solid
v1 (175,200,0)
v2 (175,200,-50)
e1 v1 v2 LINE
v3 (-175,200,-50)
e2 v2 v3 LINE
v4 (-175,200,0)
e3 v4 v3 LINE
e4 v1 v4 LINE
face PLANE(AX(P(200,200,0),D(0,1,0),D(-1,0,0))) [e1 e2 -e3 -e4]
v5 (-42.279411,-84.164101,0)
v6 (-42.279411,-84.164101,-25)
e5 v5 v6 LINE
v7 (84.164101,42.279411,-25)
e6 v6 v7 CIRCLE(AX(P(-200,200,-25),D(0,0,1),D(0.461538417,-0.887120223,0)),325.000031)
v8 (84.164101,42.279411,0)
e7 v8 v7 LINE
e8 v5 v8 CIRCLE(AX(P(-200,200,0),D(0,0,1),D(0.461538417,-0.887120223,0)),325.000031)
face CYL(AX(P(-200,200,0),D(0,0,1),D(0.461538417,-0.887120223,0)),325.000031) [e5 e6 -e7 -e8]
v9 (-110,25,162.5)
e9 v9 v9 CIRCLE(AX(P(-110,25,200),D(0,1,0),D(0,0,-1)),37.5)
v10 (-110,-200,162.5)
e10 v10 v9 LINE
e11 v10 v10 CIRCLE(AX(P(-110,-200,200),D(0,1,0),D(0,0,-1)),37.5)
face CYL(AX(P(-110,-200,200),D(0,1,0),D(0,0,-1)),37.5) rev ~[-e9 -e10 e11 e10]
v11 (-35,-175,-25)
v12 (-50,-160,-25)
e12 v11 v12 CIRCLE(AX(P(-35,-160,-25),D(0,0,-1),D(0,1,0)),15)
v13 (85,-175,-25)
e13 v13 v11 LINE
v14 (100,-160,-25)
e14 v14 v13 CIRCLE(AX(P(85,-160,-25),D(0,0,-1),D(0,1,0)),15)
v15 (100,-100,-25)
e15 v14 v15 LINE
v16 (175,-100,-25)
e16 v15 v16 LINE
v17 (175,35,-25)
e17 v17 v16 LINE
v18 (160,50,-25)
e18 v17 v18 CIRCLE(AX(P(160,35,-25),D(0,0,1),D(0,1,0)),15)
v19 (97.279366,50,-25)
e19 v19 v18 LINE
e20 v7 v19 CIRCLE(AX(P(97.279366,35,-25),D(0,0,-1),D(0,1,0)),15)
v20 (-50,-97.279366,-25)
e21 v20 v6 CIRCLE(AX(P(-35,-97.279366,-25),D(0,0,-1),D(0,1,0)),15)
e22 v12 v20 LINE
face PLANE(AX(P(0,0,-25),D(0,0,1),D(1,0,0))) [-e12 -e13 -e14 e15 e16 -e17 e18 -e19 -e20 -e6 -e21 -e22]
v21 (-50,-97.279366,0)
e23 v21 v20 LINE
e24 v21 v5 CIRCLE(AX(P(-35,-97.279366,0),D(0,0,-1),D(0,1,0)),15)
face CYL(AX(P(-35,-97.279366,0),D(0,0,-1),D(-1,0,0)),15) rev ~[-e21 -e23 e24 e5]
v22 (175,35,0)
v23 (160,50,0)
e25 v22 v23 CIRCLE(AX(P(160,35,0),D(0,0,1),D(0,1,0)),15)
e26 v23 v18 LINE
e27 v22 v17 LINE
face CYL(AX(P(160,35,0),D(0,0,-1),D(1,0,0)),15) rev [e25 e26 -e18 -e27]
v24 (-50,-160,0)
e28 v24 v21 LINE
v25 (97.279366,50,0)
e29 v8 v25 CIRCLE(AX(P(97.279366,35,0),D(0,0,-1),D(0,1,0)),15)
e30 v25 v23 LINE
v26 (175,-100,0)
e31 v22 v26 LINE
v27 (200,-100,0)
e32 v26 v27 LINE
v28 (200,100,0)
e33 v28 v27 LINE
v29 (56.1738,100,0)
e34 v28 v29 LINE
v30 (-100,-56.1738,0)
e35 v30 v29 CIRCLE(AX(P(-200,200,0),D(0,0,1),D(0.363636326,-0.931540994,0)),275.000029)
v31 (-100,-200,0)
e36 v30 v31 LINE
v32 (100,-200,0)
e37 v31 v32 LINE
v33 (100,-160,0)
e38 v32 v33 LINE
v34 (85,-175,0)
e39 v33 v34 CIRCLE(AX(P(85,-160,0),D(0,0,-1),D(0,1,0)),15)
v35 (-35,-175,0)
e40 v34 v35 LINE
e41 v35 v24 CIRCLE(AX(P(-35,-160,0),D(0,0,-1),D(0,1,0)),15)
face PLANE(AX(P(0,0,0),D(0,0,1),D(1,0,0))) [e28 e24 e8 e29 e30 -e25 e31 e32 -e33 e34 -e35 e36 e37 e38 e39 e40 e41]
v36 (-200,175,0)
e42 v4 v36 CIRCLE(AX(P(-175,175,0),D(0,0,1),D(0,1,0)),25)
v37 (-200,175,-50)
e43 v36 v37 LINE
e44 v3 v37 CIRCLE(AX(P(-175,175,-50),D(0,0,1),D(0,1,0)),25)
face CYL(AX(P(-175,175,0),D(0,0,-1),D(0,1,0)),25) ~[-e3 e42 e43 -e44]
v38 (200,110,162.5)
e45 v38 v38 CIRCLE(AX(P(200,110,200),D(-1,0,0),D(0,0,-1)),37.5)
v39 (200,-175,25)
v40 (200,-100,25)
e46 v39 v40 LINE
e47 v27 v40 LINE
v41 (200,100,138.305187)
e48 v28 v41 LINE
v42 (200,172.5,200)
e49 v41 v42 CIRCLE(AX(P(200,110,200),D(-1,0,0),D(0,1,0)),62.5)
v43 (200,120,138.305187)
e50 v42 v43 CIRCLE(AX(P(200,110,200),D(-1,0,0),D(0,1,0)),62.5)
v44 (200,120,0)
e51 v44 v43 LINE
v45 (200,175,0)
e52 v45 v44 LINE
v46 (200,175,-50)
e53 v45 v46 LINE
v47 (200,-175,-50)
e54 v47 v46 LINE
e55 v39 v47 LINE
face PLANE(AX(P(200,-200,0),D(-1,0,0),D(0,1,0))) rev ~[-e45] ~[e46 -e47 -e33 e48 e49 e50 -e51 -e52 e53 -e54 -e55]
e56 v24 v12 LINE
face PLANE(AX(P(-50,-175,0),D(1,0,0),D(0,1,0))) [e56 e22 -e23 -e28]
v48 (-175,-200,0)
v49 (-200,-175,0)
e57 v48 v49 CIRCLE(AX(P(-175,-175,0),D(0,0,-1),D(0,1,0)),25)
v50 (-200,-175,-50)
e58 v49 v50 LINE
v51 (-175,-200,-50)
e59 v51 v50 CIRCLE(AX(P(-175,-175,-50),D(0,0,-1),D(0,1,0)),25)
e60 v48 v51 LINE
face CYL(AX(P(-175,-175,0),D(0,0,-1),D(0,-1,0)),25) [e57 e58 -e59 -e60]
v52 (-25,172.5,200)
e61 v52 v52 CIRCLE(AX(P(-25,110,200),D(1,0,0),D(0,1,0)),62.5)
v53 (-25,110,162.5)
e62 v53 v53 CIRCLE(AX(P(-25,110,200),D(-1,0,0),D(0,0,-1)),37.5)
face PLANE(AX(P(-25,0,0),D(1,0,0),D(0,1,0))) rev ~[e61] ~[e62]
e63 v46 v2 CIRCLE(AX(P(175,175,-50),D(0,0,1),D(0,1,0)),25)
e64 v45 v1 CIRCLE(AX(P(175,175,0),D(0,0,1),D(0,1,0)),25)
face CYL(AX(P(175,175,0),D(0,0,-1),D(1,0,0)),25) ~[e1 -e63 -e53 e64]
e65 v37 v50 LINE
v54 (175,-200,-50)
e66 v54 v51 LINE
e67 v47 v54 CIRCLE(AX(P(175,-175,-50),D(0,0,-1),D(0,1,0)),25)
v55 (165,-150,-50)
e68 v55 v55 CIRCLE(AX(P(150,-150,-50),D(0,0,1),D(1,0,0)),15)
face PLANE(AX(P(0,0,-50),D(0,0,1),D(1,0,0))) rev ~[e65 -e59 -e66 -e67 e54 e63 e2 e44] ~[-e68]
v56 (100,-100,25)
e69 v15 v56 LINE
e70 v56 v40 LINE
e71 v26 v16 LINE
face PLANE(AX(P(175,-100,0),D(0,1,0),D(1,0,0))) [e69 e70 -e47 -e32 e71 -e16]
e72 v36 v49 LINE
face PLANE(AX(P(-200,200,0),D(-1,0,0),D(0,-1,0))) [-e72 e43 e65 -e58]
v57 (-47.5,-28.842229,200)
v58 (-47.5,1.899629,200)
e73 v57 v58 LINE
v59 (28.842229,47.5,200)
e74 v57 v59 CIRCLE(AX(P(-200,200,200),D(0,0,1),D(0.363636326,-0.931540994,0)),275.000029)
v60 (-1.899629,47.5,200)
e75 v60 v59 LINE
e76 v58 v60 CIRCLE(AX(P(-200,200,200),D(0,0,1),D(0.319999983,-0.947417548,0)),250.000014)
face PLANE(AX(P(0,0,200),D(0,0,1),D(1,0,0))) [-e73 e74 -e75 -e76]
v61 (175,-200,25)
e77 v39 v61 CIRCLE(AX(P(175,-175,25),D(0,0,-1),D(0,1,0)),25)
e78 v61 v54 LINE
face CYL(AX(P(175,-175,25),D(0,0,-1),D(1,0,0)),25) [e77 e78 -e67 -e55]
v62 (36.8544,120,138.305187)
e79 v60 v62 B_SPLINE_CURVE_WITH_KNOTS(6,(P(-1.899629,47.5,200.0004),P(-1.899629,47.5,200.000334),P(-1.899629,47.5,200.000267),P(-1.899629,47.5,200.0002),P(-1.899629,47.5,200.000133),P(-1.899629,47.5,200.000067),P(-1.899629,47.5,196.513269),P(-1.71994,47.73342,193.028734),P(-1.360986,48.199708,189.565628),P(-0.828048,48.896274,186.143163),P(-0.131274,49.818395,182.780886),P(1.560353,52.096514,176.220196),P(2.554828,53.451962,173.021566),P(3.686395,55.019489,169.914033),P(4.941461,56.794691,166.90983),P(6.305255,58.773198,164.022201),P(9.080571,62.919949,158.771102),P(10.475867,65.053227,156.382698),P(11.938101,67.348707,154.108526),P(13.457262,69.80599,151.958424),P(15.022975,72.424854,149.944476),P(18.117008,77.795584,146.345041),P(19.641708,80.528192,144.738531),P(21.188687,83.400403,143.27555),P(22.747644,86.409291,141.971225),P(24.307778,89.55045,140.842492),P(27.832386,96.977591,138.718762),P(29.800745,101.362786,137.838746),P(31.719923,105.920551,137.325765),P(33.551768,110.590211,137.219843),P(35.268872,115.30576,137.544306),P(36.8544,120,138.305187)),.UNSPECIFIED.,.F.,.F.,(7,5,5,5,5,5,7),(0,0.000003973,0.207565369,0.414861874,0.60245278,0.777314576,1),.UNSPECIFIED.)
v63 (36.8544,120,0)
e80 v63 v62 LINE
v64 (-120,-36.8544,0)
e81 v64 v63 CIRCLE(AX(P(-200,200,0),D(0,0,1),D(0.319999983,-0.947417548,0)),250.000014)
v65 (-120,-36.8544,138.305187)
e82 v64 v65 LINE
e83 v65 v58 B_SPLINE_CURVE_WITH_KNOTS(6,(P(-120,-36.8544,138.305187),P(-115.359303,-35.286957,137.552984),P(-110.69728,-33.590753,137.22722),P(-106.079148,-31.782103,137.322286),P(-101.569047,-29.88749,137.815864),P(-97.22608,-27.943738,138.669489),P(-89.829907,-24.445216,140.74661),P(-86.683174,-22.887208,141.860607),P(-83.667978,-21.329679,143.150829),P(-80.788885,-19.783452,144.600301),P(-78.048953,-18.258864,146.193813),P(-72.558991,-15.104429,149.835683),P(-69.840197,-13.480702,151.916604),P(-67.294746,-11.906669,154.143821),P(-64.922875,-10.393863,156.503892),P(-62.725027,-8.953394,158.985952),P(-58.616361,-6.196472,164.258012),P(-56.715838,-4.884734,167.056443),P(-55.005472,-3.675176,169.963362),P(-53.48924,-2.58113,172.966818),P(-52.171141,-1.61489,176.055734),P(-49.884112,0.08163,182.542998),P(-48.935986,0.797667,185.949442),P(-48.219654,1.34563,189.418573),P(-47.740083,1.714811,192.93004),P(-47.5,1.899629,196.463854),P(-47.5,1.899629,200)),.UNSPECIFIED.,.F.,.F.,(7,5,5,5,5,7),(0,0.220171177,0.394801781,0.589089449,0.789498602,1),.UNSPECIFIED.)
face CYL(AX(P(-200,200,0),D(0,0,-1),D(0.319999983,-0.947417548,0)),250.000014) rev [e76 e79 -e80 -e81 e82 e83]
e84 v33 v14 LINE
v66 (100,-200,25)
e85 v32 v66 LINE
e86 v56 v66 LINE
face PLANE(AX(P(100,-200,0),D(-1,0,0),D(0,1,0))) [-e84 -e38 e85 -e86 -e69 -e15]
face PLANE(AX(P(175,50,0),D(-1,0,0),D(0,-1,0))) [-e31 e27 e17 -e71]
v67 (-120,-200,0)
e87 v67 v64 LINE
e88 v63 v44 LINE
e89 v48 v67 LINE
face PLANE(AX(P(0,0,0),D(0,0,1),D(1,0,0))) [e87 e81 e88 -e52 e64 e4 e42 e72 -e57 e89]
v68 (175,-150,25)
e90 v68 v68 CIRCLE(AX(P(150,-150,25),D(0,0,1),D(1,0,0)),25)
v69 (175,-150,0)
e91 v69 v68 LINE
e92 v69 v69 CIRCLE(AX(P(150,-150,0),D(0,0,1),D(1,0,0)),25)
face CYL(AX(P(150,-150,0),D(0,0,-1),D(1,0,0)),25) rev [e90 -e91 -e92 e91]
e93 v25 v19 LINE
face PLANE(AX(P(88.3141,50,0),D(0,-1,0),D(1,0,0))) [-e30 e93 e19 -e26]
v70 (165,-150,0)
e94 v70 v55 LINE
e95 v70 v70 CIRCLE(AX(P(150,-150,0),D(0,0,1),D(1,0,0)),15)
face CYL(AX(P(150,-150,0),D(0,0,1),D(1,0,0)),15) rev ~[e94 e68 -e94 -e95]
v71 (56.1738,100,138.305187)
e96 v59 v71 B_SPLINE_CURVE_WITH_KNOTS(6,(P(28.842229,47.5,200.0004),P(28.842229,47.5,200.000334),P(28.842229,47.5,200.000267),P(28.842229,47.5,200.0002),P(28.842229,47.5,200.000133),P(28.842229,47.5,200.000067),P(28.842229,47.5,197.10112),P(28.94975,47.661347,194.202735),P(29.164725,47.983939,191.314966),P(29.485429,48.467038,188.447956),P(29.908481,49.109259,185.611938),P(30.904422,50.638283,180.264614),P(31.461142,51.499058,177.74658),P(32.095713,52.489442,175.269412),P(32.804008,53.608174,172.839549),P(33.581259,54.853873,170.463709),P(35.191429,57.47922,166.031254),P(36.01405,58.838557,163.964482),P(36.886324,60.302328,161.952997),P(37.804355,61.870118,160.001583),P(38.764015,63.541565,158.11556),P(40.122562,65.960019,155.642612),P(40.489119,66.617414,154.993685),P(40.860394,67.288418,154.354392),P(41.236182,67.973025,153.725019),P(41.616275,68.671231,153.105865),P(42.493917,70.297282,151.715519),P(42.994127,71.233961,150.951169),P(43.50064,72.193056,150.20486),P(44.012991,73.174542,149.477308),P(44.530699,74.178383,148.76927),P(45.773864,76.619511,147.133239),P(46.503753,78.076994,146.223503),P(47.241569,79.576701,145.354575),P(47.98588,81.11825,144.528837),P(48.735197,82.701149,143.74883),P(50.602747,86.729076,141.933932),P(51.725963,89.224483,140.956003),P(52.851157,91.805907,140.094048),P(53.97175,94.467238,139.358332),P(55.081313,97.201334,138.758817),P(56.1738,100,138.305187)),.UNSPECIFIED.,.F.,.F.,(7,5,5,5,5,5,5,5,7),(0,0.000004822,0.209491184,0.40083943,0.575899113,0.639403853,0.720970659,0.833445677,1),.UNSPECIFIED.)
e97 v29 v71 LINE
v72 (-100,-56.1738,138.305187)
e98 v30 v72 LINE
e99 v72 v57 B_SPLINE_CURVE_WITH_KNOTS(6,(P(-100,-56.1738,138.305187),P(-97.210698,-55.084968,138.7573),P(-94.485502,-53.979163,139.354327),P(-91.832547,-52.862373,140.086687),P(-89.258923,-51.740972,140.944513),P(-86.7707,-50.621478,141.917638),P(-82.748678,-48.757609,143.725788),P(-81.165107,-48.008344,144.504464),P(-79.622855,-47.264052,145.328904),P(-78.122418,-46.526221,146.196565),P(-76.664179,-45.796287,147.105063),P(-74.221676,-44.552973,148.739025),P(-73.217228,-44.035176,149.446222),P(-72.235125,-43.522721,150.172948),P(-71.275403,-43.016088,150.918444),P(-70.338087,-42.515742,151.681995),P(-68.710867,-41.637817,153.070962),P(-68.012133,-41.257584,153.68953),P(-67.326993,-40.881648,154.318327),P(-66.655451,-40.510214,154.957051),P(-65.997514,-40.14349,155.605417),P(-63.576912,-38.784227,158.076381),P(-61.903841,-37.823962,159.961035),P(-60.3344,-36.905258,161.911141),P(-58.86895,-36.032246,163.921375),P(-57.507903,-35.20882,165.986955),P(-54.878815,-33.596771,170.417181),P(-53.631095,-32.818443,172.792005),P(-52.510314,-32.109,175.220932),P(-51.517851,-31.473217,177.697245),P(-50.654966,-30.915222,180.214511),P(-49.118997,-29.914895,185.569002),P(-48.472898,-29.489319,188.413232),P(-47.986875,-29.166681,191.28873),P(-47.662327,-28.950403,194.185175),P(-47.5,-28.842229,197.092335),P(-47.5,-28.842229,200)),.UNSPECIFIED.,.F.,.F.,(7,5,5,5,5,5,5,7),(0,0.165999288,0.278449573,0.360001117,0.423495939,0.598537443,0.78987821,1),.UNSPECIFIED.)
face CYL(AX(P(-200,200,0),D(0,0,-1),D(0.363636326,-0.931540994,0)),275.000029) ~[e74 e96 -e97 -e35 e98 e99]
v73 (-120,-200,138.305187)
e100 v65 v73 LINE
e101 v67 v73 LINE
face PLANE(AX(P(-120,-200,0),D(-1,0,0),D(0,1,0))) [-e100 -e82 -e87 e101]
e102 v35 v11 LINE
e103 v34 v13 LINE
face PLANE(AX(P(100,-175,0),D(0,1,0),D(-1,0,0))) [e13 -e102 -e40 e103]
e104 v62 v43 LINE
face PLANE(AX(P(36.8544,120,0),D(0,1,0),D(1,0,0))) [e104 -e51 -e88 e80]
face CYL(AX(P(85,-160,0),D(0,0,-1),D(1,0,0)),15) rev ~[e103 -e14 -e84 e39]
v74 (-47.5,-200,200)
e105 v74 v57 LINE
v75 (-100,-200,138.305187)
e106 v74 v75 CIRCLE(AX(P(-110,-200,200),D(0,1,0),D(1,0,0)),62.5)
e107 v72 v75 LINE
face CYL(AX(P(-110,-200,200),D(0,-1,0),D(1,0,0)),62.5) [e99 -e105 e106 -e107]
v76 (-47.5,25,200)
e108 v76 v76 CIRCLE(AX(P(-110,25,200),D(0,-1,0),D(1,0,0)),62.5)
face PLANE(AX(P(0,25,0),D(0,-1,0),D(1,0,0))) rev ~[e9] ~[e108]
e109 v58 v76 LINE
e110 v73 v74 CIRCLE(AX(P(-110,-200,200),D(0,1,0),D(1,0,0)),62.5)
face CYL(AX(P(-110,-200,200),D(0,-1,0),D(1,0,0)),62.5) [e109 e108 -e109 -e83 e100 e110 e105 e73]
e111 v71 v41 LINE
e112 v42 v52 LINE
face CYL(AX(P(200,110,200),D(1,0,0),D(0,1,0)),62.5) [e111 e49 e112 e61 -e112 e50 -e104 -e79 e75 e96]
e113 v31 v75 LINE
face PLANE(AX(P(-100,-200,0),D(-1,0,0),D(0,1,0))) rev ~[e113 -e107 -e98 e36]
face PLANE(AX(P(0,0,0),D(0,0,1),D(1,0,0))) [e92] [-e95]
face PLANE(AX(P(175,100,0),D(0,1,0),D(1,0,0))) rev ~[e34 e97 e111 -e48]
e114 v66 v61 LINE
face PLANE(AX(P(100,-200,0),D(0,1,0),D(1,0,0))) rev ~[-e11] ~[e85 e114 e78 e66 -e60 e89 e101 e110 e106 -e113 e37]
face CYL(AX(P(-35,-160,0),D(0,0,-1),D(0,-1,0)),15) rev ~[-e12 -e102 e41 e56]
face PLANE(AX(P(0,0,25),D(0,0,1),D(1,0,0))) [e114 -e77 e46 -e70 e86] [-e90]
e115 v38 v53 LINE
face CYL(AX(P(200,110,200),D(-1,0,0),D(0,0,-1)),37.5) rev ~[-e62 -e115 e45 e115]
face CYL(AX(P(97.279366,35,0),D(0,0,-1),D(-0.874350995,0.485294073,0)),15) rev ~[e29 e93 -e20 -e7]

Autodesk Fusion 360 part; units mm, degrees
sketch "Sketch1" plane through (0, 0, 0) normal (0, 0, 1) x (1, 0, 0)
  line L0 (200, 200) -> (-200, 200)
  line L1 (-200, 200) -> (-200, -200)
  line L2 (-200, -200) -> (200, -200)
  line L3 (200, -200) -> (200, 200)
  line L4 (200, 200) -> (-200, -200) construction
  line L5 (200, -200) -> (100, -200)
  line L6 (100, -200) -> (100, -100)
  line L7 (100, -100) -> (200, -100)
  line L8 (200, -100) -> (200, -200)
  line L9 (-120, -200) -> (-120, -36.8544)
  line L10 (36.8544, 120) -> (200, 120)
  line L11 (-100, -200) -> (-100, -56.1738)
  line L12 (56.1738, 100) -> (200, 100)
  line L13 (-200, 200) -> (-100, 100) construction
  line L14 (-23.2233, 23.2233) -> (200, -200) construction
  arc A0 (-120, -36.8544) -> (36.8544, 120) centre (-200, 200) ccw
  arc A1 (-100, -56.1738) -> (56.1738, 100) centre (-200, 200) ccw
  line L15 (175, 100) -> (175, -100)
  line L16 (100, -175) -> (-100, -175)
  line L17 (-50, -175) -> (-50, -88.3141)
  arc A2 (-50, -88.3141) -> (88.3141, 50) centre (-200, 200) ccw
  line L18 (88.3141, 50) -> (175, 50)
  circle A3 centre (150, -150) radius 25
  circle A4 centre (150, -150) radius 15
  dimension "d1" = 400
  dimension "d2" = 400
  dimension "d3" = 100
  dimension "d4" = 100
  dimension "d5" = 500
  dimension "d6" = 550
  dimension "d7" = 80
  dimension "d8" = 80
  dimension "d10" = 25
  dimension "d11" = 25
  dimension "d13" = 50
  dimension "d14" = 30
  dimension "d15" = 50
extrude "Extrude1" add sketch "Sketch1" against normal blind 50 contours L0 L1 L2 L3 L9 L10 A0 | L2 L3 L9 L10 L11 L12 A0 A1 | L3 L7 L12 L15 | L2 L3 L5 L6 L7 L8 | L11 L12 A1 L15 L16 L17 A2 L18 | L2 L6 L11 L16 | L6 L7 L15 L16 L17 A2 L18 | A3 | A4
extrude "Extrude2" cut sketch "Sketch1" against normal blind 25 contours L6 L7 L15 L16 L17 A2 L18
extrude "Extrude3" cut sketch "Sketch1" against normal blind 110 contours A4
extrude "Extrude4" add sketch "Sketch1" along normal blind 25 contours L2 L3 L5 L6 L7 L8
extrude "Extrude5" add sketch "Sketch1" along normal blind 200 contours L2 L3 L9 L10 L11 L12 A0 A1
fillet "Fillet1" radius 25 4 edges at (-200, 200, -25) (200, 200, -25) (-200, -200, -25) (200, -200, -12.5)
fillet "Fillet2" radius 15 5 edges at (88.3141, 50, -12.5) (-50, -88.3141, -12.5) (-50, -175, -12.5) (100, -175, -12.5) (175, 50, -12.5)
sketch "Sketch2" plane through (0, -200, 0) normal (0, -1, 0) x (1, 0, 0)
  line L0 (175, -50) -> (175, 25)
  line L1 (175, 25) -> (100, 25)
  line L2 (100, 25) -> (100, 0)
  line L3 (100, 0) -> (-100, 0)
  line L4 (-100, 0) -> (-100, 200)
  line L5 (-100, 200) -> (-120, 200)
  line L6 (-120, 200) -> (-120, 0)
  line L7 (-120, 0) -> (-175, 0)
  line L8 (-175, 0) -> (-175, -50)
  line L9 (-175, -50) -> (175, -50)
  circle A0 centre (-110, 200) radius 62.5
  dimension "d30" = 125
extrude "Extrude6" add sketch "Sketch2" against normal blind 225 contours L4 L5 L6 A0 | L4 L5 L6 A0
sketch "Sketch3" plane through (200, 0, 0) normal (1, 0, 0) x (0, 1, 0)
  line L0 (-175, 25) -> (-175, -50)
  line L1 (-175, -50) -> (175, -50)
  line L2 (175, -50) -> (175, 0)
  line L3 (175, 0) -> (120, 0)
  line L4 (120, 0) -> (120, 200)
  line L5 (120, 200) -> (100, 200)
  line L6 (100, 200) -> (100, 0)
  line L7 (100, 0) -> (-100, 0)
  line L8 (-100, 0) -> (-100, 25)
  line L9 (-100, 25) -> (-175, 25)
  circle A0 centre (110, 200) radius 62.5
  dimension "d33" = 125
extrude "Extrude7" add sketch "Sketch3" against normal blind 225 contours L4 L5 L6 A0 | L4 L5 L6 A0
hole "Hole1" at (-110, -200, 200) direction (0, 1, 0) diameter 75 end through all
hole "Hole2" at (200, 110, 200) direction (-1, 0, 0) diameter 75 end through all
